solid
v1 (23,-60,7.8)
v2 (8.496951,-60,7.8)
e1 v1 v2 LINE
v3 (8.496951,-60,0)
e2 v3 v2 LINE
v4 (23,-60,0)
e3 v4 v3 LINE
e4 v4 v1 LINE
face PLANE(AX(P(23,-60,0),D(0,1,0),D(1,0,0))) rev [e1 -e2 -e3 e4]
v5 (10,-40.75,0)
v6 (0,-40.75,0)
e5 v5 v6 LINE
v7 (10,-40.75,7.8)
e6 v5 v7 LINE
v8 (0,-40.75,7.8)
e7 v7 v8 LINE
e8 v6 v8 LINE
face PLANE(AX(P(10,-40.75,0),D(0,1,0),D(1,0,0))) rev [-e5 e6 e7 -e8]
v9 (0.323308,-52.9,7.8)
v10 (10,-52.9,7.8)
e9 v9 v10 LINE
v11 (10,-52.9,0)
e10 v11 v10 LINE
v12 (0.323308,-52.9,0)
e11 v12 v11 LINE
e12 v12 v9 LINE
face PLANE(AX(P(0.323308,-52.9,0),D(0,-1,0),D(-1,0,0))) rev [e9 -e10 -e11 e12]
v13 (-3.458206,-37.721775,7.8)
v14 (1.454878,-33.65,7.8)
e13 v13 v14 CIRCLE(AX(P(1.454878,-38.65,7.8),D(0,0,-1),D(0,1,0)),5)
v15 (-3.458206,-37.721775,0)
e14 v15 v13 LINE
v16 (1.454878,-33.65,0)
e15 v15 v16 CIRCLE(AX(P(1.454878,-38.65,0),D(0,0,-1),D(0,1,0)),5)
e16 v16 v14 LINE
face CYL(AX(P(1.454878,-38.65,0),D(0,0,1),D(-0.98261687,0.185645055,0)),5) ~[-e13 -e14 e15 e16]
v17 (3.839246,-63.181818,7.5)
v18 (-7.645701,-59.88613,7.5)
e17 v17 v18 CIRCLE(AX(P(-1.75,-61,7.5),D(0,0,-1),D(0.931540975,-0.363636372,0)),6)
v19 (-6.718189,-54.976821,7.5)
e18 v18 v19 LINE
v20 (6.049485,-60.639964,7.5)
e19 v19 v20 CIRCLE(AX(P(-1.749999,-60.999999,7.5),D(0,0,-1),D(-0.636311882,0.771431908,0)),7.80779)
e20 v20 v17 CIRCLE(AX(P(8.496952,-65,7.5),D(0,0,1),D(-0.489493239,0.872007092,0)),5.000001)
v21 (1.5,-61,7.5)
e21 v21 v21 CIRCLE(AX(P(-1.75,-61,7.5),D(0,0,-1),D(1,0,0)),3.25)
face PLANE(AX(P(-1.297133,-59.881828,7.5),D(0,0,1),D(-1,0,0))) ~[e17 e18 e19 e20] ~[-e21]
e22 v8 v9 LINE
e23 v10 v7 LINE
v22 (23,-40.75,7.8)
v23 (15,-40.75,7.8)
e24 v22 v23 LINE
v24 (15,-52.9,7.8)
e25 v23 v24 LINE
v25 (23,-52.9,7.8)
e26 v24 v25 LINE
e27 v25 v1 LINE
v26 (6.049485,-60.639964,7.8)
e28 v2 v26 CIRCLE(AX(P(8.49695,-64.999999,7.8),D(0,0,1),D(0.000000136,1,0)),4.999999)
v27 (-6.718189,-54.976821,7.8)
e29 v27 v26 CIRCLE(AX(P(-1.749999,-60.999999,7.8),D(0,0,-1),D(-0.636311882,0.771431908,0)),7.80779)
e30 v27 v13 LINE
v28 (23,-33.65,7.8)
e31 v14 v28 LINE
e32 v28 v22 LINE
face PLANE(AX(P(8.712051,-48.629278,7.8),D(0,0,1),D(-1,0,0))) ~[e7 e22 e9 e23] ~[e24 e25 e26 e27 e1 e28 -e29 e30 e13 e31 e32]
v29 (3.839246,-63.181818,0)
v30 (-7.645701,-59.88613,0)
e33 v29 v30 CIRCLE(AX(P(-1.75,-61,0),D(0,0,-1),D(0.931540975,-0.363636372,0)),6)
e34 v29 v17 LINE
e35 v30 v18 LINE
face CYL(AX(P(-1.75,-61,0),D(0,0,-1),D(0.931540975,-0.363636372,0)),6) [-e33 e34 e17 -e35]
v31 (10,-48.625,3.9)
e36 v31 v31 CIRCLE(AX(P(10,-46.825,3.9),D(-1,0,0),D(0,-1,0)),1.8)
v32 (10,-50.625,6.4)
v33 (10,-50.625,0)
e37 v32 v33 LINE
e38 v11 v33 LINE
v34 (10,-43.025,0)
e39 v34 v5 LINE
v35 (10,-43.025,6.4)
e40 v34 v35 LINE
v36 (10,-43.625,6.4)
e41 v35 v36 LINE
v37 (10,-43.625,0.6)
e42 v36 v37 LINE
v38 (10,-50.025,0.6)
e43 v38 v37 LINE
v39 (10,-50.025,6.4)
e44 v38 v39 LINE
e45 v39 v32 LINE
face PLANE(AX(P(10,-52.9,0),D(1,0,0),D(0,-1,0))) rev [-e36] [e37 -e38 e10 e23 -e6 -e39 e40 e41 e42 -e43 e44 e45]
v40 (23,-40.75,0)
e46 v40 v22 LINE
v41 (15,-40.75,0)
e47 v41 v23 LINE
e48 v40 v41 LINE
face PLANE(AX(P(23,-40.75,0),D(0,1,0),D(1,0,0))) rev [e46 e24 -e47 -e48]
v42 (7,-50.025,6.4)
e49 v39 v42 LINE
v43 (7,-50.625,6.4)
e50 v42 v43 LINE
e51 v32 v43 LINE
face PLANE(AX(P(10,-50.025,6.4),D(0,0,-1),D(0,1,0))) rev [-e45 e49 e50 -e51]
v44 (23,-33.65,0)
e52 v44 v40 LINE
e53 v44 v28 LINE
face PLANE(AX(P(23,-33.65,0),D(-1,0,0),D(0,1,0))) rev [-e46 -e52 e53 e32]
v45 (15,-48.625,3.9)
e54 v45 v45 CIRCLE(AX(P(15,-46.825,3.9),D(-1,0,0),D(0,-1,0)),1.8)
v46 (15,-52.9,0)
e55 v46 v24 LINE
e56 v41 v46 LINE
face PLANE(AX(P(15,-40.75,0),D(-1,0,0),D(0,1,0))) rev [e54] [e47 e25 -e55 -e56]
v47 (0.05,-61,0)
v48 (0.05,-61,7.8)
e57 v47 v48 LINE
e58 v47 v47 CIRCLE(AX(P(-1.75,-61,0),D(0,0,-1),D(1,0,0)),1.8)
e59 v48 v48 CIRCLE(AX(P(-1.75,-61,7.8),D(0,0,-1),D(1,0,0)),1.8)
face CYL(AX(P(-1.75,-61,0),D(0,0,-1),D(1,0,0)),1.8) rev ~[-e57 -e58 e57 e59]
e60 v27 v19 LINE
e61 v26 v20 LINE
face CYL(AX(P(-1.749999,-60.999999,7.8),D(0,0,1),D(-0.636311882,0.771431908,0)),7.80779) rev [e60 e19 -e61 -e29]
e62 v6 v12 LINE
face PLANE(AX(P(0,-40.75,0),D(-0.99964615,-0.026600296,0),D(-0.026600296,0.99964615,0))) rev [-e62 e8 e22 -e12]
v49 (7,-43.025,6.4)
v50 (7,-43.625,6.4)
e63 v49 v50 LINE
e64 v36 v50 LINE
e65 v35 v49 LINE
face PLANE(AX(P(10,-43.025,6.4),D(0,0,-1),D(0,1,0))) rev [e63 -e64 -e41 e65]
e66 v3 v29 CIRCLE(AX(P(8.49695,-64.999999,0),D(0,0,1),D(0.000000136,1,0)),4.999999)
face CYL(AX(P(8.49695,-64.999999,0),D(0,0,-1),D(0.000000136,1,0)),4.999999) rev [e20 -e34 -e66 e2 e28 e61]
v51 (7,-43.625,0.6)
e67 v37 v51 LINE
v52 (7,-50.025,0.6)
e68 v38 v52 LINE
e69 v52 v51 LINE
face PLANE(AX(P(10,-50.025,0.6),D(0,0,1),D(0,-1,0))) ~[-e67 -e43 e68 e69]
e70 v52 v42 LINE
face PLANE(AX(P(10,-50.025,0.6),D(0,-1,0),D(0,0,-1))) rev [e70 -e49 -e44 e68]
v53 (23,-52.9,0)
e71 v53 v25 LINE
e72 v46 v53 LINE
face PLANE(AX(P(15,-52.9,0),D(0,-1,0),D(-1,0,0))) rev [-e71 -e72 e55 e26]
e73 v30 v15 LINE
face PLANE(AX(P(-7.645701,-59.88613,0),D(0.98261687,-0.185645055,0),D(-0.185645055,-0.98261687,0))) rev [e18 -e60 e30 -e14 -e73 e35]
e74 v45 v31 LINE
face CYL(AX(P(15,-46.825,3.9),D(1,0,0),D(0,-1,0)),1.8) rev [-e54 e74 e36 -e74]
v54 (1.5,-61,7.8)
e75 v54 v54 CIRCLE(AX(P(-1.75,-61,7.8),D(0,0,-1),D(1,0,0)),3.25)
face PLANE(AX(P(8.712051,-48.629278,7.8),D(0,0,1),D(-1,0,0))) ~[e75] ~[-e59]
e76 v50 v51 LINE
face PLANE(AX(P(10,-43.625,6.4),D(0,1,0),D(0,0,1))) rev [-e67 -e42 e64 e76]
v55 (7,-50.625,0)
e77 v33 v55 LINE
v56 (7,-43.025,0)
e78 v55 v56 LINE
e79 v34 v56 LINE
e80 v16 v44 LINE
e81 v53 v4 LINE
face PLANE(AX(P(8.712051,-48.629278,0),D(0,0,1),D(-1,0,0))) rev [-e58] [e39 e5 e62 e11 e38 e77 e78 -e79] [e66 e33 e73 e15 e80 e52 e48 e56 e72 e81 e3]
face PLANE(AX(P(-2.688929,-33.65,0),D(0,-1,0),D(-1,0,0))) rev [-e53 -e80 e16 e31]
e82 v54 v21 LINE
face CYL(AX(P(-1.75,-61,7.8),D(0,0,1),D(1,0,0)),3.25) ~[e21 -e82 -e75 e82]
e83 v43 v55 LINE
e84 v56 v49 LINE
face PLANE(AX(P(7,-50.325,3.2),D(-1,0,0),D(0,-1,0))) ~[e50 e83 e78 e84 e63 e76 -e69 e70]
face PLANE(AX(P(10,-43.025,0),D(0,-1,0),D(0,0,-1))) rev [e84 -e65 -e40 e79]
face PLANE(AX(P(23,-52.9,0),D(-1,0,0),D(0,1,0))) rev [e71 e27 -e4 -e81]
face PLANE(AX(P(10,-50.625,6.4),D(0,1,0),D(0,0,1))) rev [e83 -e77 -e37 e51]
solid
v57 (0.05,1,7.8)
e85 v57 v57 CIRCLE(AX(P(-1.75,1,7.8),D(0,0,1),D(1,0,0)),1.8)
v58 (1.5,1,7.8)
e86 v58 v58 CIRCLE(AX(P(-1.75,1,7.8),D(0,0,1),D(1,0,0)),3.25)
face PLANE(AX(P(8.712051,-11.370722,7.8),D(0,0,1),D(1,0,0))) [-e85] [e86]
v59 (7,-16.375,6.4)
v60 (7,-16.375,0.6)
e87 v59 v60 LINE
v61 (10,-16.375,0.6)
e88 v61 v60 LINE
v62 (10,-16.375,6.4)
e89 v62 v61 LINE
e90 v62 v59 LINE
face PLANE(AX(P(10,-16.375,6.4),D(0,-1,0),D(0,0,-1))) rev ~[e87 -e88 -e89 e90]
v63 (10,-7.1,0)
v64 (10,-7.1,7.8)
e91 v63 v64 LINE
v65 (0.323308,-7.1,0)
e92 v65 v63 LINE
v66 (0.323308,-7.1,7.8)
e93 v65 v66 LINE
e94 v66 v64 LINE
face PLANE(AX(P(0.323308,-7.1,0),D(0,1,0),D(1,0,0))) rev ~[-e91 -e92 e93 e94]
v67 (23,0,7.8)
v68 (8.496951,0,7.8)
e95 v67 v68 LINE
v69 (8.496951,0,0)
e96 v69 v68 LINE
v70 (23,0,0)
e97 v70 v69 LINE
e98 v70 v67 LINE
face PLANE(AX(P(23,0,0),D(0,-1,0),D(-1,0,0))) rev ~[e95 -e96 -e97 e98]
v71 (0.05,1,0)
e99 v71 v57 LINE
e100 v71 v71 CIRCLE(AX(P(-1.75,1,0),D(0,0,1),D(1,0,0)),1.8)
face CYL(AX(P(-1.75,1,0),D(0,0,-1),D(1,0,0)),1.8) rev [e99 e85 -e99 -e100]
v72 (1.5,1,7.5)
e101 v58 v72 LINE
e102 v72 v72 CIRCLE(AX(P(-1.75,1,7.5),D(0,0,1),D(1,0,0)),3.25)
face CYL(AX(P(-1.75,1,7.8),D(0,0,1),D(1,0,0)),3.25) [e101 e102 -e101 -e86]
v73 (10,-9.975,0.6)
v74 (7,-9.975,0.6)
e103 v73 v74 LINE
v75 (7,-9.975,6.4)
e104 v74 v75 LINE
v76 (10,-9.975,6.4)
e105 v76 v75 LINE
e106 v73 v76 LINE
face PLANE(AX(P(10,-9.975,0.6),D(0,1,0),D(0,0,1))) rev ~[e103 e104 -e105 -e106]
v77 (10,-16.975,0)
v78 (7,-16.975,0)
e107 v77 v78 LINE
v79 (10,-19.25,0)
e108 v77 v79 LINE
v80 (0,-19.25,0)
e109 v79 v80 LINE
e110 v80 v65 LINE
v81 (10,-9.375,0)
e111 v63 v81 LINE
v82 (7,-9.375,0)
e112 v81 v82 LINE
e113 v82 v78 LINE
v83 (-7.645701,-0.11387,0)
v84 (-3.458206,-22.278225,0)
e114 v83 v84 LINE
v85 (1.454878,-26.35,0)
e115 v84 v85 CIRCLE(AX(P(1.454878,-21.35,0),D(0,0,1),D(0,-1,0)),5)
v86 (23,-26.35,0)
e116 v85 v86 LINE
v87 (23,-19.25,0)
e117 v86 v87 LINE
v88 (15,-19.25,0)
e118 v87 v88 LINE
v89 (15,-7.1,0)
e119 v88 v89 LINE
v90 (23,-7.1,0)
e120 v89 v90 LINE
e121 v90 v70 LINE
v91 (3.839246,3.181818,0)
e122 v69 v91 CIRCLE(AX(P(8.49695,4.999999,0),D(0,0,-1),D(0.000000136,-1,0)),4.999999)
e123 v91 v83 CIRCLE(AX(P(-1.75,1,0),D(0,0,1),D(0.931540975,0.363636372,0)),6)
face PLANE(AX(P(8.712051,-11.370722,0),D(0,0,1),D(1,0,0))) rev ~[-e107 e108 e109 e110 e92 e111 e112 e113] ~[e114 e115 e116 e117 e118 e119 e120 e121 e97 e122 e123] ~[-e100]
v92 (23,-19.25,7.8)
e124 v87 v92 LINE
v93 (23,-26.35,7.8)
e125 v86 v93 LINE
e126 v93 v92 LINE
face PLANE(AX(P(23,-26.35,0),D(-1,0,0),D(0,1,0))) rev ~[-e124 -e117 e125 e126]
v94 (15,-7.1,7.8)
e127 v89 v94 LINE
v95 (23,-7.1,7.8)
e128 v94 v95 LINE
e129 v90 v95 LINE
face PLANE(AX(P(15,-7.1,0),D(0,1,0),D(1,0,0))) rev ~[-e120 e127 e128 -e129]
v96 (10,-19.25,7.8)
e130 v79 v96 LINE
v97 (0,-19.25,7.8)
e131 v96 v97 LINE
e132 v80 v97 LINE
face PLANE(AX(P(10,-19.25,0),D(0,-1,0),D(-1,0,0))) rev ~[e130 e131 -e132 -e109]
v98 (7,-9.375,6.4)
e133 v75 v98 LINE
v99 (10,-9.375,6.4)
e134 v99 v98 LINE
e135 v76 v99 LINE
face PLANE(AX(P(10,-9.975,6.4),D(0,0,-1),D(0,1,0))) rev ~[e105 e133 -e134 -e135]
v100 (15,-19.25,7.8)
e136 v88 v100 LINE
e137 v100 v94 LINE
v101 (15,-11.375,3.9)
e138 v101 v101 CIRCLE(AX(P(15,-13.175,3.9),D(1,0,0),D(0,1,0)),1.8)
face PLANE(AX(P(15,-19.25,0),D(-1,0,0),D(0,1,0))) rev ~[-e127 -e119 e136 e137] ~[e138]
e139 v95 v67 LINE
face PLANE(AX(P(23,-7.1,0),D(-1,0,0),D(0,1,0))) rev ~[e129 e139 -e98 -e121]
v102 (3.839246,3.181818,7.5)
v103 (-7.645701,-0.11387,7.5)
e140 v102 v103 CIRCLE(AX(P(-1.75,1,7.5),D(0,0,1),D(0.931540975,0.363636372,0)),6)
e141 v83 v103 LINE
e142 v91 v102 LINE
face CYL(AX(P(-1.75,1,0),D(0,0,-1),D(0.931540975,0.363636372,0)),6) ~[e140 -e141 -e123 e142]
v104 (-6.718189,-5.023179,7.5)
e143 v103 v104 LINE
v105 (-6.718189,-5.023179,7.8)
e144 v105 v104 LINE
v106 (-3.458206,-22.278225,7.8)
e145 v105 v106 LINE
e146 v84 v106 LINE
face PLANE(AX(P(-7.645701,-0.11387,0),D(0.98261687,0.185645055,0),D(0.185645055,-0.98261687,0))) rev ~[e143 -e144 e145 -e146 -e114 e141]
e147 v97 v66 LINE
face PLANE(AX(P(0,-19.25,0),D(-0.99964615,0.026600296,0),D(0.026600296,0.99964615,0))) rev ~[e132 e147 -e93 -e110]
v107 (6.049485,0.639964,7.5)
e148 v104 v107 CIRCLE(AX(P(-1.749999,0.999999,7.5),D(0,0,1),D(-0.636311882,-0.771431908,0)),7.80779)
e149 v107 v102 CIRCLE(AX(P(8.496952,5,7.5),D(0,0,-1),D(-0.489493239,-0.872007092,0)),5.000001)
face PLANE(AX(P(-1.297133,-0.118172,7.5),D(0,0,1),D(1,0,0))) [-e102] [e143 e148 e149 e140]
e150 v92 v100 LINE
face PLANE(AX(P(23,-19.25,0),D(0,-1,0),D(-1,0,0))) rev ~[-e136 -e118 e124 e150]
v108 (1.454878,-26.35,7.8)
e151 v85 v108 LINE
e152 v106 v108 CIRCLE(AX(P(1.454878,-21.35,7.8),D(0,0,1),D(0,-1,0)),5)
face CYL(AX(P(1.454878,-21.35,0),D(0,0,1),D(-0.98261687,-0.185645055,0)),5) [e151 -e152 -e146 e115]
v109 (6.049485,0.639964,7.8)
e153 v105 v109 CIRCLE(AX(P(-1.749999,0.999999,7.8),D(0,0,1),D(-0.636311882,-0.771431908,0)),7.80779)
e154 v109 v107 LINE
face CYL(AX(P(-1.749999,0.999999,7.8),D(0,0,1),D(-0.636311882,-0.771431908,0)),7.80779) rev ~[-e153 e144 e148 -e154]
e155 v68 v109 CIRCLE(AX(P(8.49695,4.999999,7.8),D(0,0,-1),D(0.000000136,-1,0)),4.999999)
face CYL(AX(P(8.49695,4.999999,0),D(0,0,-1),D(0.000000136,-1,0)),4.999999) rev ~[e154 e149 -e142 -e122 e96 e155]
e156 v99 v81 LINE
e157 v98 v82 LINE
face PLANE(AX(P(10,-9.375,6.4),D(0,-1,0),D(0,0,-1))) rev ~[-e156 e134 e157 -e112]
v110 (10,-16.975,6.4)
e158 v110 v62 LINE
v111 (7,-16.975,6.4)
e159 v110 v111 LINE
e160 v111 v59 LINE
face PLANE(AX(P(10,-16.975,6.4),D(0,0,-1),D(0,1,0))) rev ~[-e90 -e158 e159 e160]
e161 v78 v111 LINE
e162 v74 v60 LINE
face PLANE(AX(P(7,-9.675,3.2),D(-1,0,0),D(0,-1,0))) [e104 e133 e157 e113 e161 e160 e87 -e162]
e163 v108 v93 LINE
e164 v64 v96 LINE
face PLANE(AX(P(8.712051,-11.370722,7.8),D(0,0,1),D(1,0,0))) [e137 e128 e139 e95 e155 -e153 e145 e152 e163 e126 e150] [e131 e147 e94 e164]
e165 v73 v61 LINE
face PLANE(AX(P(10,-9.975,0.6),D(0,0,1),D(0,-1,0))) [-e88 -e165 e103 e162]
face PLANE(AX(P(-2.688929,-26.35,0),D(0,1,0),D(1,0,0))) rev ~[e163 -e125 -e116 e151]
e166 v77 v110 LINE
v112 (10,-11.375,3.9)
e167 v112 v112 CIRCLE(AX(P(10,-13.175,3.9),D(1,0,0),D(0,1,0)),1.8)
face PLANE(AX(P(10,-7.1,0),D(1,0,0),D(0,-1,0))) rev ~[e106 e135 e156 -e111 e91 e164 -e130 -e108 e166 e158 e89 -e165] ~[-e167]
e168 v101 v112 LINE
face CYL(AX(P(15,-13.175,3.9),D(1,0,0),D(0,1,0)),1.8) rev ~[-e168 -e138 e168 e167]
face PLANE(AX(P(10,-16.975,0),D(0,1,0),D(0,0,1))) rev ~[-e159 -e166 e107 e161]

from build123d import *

# Parameters (mm, degrees)
F0_R      = 1.8
F1_DEPTH  = 7.8
F2_R      = 5
F3_R      = 1.8
F4_DEPTH  = 6
F5_W      = 6.4
F5_H      = 0.6
F6_DEPTH  = 3
F9_R      = 3.25
F10_DEPTH = 0.3


with BuildPart() as f1:
    # F0 (on Top) → F1 (new body)
    with BuildSketch(Plane.XY):
        with BuildLine():
            Line((23, 0), (8.496951, 0))
            ThreePointArc((8.496951, 0), (5.67657, 0.871386), (3.839246, 3.181818))
            ThreePointArc((3.839246, 3.181818), (-3.404953, 6.767246), (-7.645701, -0.11387))
            Line((-7.645701, -0.11387), (-2.688929, -26.35))
            Line((-2.688929, -26.35), (-0.188929, -26.35))
            Line((-0.188929, -26.35), (23, -26.35))
            Line((23, -26.35), (23, -19.25))
            Line((23, -19.25), (15, -19.25))
            Line((15, -19.25), (15, -7.1))
            Line((15, -7.1), (23, -7.1))
            Line((23, -7.1), (23, 0))
        make_face()
        Polygon((0, -19.25), (0.323308, -7.1), (10, -7.1), (10, -19.25), align=None, mode=Mode.SUBTRACT)
        with Locations((-1.75, 1)):
            Circle(F0_R, mode=Mode.SUBTRACT)
    extrude(amount=F1_DEPTH)

    # F2
    f2_edges = [f1.edges().sort_by_distance(p)[0] for p in [
        (-2.688929, -26.35, 3.9),
    ]]
    fillet(f2_edges, radius=F2_R)

    # F3 (on face) → F4 (cut)
    with BuildSketch(Plane.YZ.offset(15)):
        with Locations((-13.175, 3.9)):
            Circle(F3_R)
    extrude(amount=-F4_DEPTH, mode=Mode.SUBTRACT)

    # F5 (on face) → F6 (join)
    with BuildSketch(Plane(origin=(10, 0, 0), x_dir=(0, -1, 0), z_dir=(-1, 0, 0))):
        Polygon((9.375, 0), (9.975, 0), (9.975, 0.6), (9.975, 6.4), (9.375, 6.4), align=None)
        Polygon((16.375, 0.6), (16.375, 0), (16.975, 0), (16.975, 6.4), (16.375, 6.4), align=None)
        with Locations((13.175, 0.3)):
            Rectangle(F5_W, F5_H)
    extrude(amount=F6_DEPTH)

    # F9 (on face) → F10 (cut)
    with BuildSketch(Plane.XY.offset(7.8)):
        with BuildLine():
            Line((-7.645701, -0.11387), (-6.718189, -5.023179))
            ThreePointArc((-6.718189, -5.023179), (1.415732, -6.137208), (6.049485, 0.639964))
            ThreePointArc((6.049485, 0.639964), (4.723873, 1.719164), (3.839246, 3.181818))
            ThreePointArc((3.839246, 3.181818), (-3.404953, 6.767246), (-7.645701, -0.11387))
        make_face()
        with Locations((-1.75, 1)):
            Circle(F9_R, mode=Mode.SUBTRACT)
    extrude(amount=-F10_DEPTH, mode=Mode.SUBTRACT)


with BuildPart() as f8_1:
    # F8: instance of F1
    add(f1.part.mirror(Plane.XZ.offset(30)))


with BuildPart() as f12_1:
    # F12: instance of F1
    add(f1.part.mirror(Plane.XZ.offset(30)))


solid = Compound([f1.part, f12_1.part])
